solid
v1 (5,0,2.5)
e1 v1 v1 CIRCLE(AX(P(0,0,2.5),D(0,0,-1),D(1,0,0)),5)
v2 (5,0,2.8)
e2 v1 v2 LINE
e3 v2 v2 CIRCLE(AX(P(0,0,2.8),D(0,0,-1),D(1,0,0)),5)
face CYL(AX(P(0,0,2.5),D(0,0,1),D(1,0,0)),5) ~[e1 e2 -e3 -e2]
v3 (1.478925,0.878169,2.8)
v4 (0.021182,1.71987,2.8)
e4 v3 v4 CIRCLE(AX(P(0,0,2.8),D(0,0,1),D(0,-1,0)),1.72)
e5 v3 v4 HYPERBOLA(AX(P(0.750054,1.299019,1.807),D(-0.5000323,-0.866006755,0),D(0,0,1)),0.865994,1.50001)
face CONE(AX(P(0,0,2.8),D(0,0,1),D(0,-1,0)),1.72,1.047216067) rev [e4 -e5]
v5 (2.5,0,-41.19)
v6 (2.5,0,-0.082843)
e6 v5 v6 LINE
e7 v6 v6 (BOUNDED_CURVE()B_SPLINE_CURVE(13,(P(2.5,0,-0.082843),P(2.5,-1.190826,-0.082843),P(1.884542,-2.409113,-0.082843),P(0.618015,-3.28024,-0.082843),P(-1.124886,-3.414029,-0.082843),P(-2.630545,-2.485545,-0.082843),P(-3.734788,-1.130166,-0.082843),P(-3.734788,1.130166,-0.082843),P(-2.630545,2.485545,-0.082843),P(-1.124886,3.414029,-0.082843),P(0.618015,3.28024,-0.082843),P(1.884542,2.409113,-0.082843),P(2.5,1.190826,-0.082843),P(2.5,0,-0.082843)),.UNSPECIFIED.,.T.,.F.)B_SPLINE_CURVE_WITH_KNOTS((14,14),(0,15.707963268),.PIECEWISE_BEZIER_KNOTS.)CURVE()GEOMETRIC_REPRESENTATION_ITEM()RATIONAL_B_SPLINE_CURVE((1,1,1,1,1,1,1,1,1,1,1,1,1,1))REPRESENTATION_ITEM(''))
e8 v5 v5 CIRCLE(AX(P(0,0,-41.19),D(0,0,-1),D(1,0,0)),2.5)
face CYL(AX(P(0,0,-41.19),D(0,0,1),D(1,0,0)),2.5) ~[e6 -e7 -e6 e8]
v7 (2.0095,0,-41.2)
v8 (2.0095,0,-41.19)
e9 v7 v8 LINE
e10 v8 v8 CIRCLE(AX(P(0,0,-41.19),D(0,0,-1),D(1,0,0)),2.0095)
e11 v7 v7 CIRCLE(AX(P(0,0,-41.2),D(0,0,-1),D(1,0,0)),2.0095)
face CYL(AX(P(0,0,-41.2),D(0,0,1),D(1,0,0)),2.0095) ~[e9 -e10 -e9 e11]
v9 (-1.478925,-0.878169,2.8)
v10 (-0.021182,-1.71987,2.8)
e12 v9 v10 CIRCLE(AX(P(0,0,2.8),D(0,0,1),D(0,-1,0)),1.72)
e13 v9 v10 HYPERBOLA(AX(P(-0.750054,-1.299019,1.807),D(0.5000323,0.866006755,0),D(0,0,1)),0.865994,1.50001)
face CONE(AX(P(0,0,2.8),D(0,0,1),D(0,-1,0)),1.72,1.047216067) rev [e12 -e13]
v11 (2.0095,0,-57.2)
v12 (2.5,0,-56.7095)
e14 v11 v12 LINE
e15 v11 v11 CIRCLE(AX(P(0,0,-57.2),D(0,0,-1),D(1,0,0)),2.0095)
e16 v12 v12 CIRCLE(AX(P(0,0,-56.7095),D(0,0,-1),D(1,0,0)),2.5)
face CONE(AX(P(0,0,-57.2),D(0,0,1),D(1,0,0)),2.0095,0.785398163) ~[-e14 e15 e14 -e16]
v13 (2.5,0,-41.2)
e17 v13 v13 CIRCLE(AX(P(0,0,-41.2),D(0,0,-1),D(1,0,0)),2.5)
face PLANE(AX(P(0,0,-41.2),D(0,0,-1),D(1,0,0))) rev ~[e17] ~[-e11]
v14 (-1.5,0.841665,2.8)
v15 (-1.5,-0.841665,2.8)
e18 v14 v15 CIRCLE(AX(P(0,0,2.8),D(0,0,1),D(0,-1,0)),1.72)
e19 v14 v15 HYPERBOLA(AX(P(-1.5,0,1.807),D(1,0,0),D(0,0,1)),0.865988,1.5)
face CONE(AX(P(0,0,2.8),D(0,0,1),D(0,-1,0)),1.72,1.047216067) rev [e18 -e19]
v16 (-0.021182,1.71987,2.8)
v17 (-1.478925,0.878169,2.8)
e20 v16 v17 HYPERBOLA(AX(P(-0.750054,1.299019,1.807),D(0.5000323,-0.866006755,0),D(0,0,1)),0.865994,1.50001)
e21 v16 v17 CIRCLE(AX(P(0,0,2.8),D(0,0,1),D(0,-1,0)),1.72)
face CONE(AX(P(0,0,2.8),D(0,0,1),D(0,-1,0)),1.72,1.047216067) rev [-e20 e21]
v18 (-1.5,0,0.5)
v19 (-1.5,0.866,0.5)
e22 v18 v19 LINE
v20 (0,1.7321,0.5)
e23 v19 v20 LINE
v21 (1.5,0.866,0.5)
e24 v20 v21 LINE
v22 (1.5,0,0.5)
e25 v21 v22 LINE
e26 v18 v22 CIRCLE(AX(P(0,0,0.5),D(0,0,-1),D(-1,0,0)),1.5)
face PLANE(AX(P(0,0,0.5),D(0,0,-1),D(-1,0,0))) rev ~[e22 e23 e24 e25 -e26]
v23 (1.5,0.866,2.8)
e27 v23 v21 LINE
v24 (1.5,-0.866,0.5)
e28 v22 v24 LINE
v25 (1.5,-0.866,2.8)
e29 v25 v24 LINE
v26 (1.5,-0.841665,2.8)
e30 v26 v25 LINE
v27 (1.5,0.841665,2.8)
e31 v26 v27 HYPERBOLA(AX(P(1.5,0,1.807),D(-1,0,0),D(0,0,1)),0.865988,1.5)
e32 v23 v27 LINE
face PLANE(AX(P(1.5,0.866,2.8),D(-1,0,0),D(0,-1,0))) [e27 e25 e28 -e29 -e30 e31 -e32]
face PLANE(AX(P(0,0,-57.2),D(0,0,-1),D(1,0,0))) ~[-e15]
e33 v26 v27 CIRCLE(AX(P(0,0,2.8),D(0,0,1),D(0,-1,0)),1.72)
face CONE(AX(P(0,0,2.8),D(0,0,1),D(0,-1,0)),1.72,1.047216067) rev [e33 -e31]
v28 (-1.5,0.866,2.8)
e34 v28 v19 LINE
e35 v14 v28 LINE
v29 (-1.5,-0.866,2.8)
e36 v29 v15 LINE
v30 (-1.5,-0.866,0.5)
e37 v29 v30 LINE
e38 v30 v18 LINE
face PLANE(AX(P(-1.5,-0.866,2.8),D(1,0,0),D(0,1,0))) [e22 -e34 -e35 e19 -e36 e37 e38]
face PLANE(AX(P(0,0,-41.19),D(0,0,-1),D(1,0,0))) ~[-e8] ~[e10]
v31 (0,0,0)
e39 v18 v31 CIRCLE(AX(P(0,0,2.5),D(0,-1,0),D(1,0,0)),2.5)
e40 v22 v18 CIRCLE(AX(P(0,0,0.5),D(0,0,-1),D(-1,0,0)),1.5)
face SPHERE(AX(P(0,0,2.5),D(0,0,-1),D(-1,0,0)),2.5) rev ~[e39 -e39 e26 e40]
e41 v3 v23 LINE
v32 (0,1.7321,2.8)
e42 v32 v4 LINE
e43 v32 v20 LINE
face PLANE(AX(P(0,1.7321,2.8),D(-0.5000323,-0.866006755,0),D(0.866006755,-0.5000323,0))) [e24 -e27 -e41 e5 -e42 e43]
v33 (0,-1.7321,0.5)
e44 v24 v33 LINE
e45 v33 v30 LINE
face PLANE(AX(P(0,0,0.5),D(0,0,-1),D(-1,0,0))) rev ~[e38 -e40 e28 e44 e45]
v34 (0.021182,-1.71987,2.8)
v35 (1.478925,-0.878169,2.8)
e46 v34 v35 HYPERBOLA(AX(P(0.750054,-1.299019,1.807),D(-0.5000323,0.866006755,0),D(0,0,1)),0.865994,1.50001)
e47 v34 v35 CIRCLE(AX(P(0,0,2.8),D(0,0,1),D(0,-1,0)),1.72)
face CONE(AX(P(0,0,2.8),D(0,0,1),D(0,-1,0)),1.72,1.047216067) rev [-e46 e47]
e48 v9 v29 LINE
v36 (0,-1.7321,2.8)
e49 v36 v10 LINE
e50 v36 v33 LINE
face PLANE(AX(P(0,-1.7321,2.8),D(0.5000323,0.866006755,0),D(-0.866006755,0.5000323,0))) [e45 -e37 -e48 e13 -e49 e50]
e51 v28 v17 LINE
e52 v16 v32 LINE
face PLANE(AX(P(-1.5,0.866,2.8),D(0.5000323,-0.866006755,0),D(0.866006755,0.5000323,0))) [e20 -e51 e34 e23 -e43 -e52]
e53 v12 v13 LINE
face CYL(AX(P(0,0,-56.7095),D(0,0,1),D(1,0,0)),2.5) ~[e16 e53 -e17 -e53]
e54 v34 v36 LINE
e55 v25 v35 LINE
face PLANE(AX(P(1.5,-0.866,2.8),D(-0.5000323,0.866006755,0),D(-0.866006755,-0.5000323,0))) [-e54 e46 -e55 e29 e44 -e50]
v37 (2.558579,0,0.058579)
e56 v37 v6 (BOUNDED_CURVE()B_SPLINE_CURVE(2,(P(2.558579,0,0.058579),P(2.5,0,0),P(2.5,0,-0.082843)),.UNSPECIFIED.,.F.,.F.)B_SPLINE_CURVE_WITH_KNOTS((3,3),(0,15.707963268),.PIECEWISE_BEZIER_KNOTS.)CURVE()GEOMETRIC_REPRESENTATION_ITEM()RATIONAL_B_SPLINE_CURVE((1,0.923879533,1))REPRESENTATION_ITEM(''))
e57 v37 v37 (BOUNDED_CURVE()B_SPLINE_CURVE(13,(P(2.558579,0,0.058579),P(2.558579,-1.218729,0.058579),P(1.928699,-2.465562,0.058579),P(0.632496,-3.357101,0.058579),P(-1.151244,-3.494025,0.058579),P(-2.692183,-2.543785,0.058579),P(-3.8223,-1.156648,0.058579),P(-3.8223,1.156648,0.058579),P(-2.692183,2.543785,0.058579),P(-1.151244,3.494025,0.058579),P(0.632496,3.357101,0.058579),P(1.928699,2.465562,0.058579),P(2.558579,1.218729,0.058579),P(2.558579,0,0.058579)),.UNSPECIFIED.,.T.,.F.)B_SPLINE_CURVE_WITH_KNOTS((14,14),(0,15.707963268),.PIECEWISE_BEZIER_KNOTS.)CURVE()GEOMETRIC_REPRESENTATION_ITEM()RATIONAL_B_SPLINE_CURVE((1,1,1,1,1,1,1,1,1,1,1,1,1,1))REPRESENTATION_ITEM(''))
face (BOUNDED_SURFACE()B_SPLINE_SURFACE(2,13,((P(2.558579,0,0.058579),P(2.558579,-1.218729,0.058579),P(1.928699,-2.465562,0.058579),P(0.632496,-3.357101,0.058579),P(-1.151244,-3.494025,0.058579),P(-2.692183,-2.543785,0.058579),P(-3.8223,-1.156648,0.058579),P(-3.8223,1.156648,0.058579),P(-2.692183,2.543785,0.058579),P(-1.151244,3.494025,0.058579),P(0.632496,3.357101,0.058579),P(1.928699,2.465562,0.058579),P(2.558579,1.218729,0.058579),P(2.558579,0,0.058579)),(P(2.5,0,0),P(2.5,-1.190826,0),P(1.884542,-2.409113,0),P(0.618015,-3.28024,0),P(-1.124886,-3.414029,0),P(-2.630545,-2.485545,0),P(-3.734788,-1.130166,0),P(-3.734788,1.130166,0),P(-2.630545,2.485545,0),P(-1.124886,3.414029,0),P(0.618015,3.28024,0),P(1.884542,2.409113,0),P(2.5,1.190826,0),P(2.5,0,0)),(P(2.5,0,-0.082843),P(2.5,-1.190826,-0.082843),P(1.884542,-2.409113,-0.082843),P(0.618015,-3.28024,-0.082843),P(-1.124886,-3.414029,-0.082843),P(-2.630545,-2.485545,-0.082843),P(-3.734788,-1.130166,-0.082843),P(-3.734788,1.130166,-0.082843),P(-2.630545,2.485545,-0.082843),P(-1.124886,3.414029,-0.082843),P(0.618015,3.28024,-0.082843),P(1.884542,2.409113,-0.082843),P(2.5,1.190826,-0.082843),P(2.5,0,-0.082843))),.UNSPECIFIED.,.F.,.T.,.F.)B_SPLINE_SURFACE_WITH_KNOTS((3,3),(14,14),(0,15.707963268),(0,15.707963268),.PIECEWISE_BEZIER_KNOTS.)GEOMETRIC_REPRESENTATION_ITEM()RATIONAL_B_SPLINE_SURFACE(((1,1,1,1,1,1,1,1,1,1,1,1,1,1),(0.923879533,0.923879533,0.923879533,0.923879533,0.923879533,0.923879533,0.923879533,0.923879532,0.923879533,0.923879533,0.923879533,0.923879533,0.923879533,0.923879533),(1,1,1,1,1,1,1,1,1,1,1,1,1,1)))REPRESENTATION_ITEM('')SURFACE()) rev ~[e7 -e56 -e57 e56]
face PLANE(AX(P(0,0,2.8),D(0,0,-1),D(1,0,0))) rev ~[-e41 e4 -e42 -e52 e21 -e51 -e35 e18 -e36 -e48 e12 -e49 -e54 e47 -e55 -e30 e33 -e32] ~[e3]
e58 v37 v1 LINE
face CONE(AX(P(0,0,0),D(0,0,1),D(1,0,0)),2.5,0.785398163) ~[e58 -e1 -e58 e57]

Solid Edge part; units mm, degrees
sketch "Sketch1" plane through (0, 0, 0) normal (0, -1, 0) x (1, 0, 0)
  line L0 (2.5, 0) -> (5, 2.5)
  line L1 (5, 2.5) -> (5, 2.8)
  line L2 (5, 2.8) -> (0, 2.8)
  line L3 (0, 2.8) -> (0, -57.2)
  line L4 (0, -57.2) -> (2.0095, -57.2)
  line L5 (2.0095, -57.2) -> (2.5, -56.7095)
  line L6 (2.5, -56.7095) -> (2.5, -41.2)
  line L7 (2.5, -41.2) -> (2.0095, -41.2)
  line L8 (2.0095, -41.2) -> (2.0095, -41.19)
  line L9 (2.0095, -41.19) -> (2.5, -41.19)
  line L10 (2.5, -41.19) -> (2.5, 0)
  dimension "D1" = 60
  dimension "D2" = 5
  dimension "D3" = 2.8
  dimension "D4" = 0.01
  dimension "D5" = 2.0095
  dimension "D6" = 44
  dimension "D7" = 0.3
revolve "RevolvedProtrusion1" add sketch "Sketch1" angle 360 about axis through (0, 0, 54) along (0, 0, -1)
sketch "Sketch2" plane through (0, 0, 0) normal (0, -1, 0) x (1, 0, 0)
  arc A0 (-1.5, 0.5) -> (0, 0) centre (0, 2.5) ccw
  line L0 (0, 0.5) -> (0, 0)
  line L1 (-1.5, 0.5) -> (0, 0.5)
  dimension "D1" = 57.7
revolve "RevolvedCutout1" cut sketch "Sketch2" angle 360 about axis through (0, 0, 54) along (0, 0, -1)
sketch "Sketch3" plane through (0, 0, 2.8) normal (0, 0, 1) x (0, -1, 0)
  line L0 (-1.7321, 0) -> (-0.866, 1.5)
  line L1 (-0.866, 1.5) -> (0.866, 1.5)
  line L2 (0.866, 1.5) -> (1.7321, 0)
  line L3 (1.7321, 0) -> (0.866, -1.5)
  line L4 (0.866, -1.5) -> (-0.866, -1.5)
  line L5 (-0.866, -1.5) -> (-1.7321, 0)
  dimension "D1" = 3
extrude "Cutout1" cut sketch "Sketch3" against normal blind 2.3
cosmetic_thread "Thread1" size "M5"
sketch "Sketch4" plane through (0, 0, 0) normal (1, 0, 0) x (0, 1, 0)
  line L0 (-1.72, 2.8) -> (0, 1.807)
revolve "RevolvedCutout2" cut sketch "Sketch4" angle 360 about axis through (0, 0, -57) along (0, 0, 1) material side at (0, -0.835, 2.3468)
fillet "Round1" radius 0.2 1 edges at (-2.5, 0, 0)
properties material "Stahl"
